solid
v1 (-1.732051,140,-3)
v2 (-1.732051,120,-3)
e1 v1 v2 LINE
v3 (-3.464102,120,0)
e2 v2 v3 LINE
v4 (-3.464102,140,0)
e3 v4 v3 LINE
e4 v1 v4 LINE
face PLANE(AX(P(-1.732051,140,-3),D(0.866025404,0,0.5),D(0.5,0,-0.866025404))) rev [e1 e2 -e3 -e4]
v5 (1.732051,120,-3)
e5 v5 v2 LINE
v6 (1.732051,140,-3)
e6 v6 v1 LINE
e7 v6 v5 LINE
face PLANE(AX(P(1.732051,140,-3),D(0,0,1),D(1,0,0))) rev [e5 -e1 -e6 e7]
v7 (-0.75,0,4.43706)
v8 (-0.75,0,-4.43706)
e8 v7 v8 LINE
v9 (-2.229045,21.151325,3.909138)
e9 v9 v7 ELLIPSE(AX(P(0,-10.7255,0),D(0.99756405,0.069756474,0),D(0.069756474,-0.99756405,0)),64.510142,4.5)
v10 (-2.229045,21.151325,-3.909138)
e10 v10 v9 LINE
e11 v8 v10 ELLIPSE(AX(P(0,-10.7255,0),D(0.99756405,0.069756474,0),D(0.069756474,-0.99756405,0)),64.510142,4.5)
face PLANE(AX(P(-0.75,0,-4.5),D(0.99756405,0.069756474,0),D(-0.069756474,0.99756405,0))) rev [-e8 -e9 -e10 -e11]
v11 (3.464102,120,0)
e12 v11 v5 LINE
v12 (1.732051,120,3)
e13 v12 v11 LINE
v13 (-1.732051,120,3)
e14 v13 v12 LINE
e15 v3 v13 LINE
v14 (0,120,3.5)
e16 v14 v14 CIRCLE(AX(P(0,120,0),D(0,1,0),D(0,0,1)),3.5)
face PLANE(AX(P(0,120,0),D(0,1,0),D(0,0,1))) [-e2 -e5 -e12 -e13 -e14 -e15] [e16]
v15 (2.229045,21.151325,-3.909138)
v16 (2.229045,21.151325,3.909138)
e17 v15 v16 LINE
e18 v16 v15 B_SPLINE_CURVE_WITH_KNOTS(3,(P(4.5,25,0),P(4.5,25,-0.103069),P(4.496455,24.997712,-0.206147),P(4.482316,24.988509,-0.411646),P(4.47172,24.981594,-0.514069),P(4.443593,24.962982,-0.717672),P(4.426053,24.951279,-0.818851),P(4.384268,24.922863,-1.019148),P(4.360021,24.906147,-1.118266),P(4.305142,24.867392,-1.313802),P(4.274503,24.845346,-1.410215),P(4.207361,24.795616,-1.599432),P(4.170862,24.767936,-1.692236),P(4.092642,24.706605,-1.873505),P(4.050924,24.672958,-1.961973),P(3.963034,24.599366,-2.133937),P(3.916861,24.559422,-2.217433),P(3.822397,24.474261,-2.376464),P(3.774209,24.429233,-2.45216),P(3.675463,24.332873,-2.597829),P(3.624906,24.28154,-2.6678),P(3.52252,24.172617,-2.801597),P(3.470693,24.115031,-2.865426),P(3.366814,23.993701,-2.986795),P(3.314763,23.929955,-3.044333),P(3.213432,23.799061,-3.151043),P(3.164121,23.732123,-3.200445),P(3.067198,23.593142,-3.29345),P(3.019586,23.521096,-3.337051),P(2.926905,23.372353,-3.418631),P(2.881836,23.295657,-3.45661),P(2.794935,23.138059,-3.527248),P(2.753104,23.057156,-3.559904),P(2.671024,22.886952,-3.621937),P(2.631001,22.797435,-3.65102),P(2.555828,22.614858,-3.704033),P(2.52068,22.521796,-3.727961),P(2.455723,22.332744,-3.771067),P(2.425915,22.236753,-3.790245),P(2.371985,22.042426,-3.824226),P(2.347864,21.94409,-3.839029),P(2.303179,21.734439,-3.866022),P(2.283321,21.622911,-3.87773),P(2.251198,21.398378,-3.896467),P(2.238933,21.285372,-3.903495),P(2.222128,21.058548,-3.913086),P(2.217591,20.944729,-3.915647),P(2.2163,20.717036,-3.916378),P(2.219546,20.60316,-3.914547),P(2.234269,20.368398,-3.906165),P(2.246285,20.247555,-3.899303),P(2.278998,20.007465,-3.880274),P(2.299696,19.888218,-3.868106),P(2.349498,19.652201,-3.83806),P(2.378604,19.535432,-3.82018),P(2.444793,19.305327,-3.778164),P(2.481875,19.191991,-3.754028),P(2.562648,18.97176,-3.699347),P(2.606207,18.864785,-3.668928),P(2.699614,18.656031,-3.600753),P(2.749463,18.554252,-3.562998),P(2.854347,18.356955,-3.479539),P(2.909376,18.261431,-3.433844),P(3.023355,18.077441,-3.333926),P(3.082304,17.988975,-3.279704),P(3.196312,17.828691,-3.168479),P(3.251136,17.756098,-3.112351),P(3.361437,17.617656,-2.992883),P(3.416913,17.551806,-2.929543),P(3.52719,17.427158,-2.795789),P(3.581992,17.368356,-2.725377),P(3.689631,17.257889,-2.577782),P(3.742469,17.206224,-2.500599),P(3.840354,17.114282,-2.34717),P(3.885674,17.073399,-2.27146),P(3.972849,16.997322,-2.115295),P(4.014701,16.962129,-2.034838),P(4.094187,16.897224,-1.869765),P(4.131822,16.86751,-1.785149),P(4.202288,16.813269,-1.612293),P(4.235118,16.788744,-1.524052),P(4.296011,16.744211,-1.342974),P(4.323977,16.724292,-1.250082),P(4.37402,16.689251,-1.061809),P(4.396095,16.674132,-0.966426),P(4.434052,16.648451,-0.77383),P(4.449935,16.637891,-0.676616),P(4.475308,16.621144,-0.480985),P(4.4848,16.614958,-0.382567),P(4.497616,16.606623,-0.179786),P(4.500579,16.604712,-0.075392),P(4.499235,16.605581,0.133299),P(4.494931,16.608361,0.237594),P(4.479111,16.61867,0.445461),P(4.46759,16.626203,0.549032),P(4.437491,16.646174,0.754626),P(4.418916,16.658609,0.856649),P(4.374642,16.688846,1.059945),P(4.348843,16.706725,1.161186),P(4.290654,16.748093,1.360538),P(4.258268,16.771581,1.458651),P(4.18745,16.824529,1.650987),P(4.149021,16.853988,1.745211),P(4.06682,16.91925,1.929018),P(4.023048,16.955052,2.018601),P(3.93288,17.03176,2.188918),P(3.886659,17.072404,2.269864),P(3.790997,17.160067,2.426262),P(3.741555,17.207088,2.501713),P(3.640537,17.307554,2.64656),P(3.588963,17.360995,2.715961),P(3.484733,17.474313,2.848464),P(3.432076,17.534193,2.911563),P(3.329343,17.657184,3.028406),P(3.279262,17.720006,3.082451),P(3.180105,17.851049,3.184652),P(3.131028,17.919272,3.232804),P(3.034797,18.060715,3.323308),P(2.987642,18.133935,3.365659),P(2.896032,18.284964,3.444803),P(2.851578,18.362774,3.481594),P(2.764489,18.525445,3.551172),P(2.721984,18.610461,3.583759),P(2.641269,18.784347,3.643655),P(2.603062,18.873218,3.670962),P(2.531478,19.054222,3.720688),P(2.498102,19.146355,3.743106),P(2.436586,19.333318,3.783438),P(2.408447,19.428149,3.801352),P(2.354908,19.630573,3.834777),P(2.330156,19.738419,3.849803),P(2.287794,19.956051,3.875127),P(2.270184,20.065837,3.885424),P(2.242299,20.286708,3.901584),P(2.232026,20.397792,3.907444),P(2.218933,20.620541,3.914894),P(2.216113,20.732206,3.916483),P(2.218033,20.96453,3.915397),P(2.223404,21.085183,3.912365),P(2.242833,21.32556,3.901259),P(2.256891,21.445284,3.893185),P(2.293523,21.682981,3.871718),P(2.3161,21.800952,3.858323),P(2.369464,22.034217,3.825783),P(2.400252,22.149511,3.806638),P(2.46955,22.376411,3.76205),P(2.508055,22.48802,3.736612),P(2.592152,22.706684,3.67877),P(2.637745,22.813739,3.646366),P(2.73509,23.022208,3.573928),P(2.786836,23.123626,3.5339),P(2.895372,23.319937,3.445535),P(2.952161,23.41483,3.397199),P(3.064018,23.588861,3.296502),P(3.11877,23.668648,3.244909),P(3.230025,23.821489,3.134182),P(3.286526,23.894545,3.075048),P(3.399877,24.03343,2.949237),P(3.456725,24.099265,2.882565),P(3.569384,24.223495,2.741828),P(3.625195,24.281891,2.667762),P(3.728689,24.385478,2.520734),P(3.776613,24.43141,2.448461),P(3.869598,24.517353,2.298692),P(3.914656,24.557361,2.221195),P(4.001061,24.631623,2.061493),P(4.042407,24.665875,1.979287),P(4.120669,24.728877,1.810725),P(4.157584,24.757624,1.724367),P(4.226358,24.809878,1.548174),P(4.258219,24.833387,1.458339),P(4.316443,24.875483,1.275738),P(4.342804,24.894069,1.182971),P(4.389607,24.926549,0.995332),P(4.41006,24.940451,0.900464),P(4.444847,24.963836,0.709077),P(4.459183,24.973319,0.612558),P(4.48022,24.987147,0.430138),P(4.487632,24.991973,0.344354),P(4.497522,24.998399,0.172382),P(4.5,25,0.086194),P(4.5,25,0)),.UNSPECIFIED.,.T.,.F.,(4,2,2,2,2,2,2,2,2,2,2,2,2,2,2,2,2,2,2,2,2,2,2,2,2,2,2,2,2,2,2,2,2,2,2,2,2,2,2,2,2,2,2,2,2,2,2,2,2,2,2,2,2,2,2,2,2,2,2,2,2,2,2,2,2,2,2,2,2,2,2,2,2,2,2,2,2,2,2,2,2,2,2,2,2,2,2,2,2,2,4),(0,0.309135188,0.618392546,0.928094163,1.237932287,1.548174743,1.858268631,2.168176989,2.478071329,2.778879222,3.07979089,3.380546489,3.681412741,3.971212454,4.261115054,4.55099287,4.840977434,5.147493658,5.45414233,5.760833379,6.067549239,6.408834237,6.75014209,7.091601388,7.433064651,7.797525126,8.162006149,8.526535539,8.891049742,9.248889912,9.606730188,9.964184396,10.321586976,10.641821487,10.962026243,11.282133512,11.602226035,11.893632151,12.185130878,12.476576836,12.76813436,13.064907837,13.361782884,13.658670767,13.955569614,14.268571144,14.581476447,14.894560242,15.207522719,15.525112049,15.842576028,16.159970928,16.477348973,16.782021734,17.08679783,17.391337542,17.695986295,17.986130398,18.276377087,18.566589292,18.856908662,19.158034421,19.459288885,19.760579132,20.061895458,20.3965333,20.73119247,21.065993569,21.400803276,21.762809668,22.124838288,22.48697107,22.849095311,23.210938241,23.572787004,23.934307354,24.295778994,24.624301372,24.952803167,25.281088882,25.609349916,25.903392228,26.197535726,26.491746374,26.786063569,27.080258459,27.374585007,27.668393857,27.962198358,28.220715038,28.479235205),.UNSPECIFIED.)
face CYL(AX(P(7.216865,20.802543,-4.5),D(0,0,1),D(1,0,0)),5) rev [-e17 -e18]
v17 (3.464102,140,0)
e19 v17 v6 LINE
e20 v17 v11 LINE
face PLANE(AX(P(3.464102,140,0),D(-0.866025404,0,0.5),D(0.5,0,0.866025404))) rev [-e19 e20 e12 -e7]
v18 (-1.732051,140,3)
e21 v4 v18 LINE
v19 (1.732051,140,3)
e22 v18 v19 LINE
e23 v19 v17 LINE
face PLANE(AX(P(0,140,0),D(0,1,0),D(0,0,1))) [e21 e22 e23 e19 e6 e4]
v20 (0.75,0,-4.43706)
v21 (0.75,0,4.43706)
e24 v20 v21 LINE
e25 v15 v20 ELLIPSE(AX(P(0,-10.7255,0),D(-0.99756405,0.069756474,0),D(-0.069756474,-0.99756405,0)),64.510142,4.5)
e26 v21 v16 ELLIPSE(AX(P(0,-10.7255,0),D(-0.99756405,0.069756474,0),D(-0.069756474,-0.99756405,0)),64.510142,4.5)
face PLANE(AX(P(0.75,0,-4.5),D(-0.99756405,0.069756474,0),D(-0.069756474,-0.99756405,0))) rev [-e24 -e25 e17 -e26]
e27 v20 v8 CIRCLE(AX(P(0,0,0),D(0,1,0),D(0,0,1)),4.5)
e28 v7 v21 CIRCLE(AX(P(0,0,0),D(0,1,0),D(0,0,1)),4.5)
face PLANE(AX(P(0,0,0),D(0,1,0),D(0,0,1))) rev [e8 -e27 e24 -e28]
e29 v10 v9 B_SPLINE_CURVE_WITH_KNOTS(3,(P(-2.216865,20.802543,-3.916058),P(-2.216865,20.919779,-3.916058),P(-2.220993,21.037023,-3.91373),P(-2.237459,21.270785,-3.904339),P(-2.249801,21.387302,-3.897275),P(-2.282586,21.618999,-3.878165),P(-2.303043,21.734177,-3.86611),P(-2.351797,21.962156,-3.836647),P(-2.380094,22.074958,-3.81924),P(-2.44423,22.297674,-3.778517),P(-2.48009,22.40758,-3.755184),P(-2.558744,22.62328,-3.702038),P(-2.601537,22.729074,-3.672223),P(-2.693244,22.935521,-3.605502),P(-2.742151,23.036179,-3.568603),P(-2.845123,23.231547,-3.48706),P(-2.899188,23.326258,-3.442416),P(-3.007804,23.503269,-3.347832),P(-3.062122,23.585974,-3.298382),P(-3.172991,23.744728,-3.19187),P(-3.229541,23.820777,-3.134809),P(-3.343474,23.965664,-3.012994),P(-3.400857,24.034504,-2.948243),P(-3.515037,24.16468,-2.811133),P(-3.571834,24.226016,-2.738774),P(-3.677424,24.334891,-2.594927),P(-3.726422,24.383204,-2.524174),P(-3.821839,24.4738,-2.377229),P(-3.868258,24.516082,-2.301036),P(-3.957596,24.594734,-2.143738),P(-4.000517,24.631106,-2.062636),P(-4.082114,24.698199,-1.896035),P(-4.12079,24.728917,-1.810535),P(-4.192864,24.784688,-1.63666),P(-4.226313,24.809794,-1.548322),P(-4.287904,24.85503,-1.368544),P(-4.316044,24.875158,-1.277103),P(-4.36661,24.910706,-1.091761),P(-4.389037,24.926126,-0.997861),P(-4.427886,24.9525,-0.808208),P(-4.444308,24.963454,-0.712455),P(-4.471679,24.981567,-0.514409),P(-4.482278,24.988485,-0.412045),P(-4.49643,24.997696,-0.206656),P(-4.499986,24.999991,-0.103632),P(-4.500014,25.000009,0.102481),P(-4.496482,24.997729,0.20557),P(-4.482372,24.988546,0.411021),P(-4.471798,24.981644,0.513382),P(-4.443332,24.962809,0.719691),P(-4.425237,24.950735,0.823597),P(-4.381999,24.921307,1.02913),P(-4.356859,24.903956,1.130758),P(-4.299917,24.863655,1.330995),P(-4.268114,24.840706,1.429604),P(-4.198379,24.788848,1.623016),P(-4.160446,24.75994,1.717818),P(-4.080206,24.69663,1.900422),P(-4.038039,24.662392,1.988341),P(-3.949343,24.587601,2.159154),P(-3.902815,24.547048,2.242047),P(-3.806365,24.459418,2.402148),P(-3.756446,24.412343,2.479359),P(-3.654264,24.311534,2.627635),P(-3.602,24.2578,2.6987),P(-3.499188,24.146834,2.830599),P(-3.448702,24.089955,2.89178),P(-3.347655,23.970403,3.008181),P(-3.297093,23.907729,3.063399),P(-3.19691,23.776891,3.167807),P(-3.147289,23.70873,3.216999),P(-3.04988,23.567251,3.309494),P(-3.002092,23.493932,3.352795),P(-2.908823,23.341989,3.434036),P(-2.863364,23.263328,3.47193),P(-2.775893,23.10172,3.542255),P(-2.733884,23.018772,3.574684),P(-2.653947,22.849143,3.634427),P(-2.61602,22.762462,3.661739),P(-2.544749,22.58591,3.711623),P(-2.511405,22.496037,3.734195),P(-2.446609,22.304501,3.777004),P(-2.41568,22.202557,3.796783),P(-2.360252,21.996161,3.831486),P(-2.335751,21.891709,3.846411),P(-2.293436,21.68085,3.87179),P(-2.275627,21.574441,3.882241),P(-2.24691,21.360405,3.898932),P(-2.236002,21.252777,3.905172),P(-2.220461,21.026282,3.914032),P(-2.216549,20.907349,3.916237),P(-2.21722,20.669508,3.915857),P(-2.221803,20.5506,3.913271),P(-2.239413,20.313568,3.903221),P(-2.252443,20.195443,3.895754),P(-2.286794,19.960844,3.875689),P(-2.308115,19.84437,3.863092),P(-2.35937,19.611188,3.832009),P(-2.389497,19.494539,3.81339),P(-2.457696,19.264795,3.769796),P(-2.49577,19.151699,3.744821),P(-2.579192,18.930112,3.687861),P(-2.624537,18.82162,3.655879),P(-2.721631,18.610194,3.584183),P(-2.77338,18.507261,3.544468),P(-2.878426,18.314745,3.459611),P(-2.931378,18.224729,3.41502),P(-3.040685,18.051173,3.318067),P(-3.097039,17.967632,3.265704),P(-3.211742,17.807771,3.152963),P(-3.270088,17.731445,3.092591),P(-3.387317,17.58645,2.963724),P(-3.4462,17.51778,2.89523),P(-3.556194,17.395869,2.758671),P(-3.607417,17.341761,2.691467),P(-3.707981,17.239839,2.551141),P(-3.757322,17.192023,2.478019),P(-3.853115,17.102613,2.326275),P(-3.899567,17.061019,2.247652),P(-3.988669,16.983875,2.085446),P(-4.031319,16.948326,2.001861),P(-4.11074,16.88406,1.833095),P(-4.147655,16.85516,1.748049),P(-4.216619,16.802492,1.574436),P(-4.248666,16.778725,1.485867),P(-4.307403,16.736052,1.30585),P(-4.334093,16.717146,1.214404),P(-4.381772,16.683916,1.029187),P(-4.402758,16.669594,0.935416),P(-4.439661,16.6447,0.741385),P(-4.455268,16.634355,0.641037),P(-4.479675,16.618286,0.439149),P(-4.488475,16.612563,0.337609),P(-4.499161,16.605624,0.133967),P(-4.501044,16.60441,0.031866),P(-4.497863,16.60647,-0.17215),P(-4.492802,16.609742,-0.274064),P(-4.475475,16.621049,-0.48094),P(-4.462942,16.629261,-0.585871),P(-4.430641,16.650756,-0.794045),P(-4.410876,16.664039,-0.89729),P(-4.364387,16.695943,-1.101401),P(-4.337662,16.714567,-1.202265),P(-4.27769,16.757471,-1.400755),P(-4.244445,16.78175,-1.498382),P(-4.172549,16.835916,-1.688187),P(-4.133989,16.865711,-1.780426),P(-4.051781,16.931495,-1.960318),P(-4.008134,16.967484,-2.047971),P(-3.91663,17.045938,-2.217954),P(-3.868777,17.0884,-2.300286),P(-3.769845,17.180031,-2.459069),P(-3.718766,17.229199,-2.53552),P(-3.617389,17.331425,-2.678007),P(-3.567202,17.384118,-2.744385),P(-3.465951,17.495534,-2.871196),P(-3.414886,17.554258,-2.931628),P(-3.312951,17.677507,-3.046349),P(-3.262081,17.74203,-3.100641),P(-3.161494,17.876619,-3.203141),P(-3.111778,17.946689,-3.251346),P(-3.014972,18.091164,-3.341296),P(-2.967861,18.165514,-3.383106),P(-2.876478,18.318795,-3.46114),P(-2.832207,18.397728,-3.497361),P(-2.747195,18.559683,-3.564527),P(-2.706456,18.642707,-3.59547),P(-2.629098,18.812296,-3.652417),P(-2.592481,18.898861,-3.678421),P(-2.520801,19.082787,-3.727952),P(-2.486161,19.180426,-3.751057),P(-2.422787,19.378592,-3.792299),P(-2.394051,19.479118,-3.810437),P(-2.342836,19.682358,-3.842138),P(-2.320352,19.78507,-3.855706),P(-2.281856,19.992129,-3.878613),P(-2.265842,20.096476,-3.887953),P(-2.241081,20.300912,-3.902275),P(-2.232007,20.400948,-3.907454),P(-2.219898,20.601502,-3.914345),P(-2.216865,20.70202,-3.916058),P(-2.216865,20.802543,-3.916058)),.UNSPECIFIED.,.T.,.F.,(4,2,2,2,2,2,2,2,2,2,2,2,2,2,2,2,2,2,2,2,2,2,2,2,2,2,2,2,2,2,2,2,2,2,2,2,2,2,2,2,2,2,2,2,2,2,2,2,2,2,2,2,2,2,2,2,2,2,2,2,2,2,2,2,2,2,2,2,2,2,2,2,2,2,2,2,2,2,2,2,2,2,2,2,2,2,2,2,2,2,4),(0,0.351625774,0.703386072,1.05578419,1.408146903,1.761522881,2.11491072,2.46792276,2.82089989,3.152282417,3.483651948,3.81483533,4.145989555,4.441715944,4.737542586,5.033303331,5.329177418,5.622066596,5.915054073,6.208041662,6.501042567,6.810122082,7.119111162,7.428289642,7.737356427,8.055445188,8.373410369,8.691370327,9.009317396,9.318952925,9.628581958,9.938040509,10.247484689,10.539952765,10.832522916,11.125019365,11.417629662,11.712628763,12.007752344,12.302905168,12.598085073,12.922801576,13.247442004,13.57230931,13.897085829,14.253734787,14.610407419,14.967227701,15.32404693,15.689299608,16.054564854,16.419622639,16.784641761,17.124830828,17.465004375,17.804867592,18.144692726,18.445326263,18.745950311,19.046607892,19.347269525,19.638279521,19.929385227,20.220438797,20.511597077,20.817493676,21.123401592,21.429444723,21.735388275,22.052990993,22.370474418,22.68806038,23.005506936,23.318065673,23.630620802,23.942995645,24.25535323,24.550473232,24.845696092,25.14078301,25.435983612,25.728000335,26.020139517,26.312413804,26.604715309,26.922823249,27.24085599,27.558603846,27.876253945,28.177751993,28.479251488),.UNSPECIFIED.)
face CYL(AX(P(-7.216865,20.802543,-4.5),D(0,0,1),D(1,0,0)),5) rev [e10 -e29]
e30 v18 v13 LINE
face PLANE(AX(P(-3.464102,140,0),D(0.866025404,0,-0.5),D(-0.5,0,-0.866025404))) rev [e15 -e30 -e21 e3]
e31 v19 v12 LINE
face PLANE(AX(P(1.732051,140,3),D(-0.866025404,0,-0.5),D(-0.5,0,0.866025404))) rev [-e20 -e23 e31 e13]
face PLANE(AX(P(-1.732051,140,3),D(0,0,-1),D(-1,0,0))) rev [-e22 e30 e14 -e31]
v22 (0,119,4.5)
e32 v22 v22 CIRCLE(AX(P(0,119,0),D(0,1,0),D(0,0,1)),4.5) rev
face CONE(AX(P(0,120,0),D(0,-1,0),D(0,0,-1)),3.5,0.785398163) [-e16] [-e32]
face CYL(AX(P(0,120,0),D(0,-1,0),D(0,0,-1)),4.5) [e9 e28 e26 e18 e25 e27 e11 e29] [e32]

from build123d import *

# Parameters (mm, degrees)
SKETCH1_R               = 4.5
BOSS_EXTRUDE1_DEPTH     = 120
BOSS_EXTRUDE2_DEPTH     = 20
CHAMFER1_SIZE           = 1
CUT_EXTRUDE1_DEPTH      = 5.5
CUT_EXTRUDE1_DEPTH_BACK = 5.5


with BuildPart() as part:
    # Sketch1 → Boss-Extrude1 (new body)
    with BuildSketch(Plane(origin=(0, 0, 0), x_dir=(1, 0, 0), z_dir=(0, 1, 0))):
        Circle(SKETCH1_R)
    extrude(amount=BOSS_EXTRUDE1_DEPTH)

    # Sketch2 → Boss-Extrude2 (add)
    with BuildSketch(Plane(origin=(0, 120, 0), x_dir=(1, 0, 0), z_dir=(0, 1, 0))):
        Polygon((1.732050808, 3), (-1.732050808, 3), (-3.464101615, 0), (-1.732050808, -3), (1.732050808, -3), (3.464101615, 0), align=None)
    extrude(amount=BOSS_EXTRUDE2_DEPTH)

    # Chamfer1
    chamfer1_edges = [part.edges().sort_by_distance(p)[0] for p in [
        (-4.5, 120, 0),
    ]]
    chamfer(chamfer1_edges, length=CHAMFER1_SIZE)

    # Sketch3 → Cut-Extrude1 (cut, two sides)
    with BuildSketch(Plane.XY) as cut_extrude1_sk:
        with BuildLine():
            Line((0.75, 0), (2.229044758, 21.151325457))
            ThreePointArc((2.229044758, 21.151325457), (2.910634909, 23.343484317), (4.5, 25))
            Line((4.5, 25), (4.5, 0))
            Line((4.5, 0), (0.75, 0))
        make_face()
        with BuildLine():
            Line((-4.5, 25), (-4.5, 0))
            Line((-4.5, 0), (-0.75, 0))
            Line((-0.75, 0), (-2.229044758, 21.151325457))
            ThreePointArc((-2.229044758, 21.151325457), (-2.910634909, 23.343484317), (-4.5, 25))
        make_face()
    extrude(amount=CUT_EXTRUDE1_DEPTH, mode=Mode.SUBTRACT)
    extrude(cut_extrude1_sk.sketch, amount=-CUT_EXTRUDE1_DEPTH_BACK, mode=Mode.SUBTRACT)


solid = part.part
